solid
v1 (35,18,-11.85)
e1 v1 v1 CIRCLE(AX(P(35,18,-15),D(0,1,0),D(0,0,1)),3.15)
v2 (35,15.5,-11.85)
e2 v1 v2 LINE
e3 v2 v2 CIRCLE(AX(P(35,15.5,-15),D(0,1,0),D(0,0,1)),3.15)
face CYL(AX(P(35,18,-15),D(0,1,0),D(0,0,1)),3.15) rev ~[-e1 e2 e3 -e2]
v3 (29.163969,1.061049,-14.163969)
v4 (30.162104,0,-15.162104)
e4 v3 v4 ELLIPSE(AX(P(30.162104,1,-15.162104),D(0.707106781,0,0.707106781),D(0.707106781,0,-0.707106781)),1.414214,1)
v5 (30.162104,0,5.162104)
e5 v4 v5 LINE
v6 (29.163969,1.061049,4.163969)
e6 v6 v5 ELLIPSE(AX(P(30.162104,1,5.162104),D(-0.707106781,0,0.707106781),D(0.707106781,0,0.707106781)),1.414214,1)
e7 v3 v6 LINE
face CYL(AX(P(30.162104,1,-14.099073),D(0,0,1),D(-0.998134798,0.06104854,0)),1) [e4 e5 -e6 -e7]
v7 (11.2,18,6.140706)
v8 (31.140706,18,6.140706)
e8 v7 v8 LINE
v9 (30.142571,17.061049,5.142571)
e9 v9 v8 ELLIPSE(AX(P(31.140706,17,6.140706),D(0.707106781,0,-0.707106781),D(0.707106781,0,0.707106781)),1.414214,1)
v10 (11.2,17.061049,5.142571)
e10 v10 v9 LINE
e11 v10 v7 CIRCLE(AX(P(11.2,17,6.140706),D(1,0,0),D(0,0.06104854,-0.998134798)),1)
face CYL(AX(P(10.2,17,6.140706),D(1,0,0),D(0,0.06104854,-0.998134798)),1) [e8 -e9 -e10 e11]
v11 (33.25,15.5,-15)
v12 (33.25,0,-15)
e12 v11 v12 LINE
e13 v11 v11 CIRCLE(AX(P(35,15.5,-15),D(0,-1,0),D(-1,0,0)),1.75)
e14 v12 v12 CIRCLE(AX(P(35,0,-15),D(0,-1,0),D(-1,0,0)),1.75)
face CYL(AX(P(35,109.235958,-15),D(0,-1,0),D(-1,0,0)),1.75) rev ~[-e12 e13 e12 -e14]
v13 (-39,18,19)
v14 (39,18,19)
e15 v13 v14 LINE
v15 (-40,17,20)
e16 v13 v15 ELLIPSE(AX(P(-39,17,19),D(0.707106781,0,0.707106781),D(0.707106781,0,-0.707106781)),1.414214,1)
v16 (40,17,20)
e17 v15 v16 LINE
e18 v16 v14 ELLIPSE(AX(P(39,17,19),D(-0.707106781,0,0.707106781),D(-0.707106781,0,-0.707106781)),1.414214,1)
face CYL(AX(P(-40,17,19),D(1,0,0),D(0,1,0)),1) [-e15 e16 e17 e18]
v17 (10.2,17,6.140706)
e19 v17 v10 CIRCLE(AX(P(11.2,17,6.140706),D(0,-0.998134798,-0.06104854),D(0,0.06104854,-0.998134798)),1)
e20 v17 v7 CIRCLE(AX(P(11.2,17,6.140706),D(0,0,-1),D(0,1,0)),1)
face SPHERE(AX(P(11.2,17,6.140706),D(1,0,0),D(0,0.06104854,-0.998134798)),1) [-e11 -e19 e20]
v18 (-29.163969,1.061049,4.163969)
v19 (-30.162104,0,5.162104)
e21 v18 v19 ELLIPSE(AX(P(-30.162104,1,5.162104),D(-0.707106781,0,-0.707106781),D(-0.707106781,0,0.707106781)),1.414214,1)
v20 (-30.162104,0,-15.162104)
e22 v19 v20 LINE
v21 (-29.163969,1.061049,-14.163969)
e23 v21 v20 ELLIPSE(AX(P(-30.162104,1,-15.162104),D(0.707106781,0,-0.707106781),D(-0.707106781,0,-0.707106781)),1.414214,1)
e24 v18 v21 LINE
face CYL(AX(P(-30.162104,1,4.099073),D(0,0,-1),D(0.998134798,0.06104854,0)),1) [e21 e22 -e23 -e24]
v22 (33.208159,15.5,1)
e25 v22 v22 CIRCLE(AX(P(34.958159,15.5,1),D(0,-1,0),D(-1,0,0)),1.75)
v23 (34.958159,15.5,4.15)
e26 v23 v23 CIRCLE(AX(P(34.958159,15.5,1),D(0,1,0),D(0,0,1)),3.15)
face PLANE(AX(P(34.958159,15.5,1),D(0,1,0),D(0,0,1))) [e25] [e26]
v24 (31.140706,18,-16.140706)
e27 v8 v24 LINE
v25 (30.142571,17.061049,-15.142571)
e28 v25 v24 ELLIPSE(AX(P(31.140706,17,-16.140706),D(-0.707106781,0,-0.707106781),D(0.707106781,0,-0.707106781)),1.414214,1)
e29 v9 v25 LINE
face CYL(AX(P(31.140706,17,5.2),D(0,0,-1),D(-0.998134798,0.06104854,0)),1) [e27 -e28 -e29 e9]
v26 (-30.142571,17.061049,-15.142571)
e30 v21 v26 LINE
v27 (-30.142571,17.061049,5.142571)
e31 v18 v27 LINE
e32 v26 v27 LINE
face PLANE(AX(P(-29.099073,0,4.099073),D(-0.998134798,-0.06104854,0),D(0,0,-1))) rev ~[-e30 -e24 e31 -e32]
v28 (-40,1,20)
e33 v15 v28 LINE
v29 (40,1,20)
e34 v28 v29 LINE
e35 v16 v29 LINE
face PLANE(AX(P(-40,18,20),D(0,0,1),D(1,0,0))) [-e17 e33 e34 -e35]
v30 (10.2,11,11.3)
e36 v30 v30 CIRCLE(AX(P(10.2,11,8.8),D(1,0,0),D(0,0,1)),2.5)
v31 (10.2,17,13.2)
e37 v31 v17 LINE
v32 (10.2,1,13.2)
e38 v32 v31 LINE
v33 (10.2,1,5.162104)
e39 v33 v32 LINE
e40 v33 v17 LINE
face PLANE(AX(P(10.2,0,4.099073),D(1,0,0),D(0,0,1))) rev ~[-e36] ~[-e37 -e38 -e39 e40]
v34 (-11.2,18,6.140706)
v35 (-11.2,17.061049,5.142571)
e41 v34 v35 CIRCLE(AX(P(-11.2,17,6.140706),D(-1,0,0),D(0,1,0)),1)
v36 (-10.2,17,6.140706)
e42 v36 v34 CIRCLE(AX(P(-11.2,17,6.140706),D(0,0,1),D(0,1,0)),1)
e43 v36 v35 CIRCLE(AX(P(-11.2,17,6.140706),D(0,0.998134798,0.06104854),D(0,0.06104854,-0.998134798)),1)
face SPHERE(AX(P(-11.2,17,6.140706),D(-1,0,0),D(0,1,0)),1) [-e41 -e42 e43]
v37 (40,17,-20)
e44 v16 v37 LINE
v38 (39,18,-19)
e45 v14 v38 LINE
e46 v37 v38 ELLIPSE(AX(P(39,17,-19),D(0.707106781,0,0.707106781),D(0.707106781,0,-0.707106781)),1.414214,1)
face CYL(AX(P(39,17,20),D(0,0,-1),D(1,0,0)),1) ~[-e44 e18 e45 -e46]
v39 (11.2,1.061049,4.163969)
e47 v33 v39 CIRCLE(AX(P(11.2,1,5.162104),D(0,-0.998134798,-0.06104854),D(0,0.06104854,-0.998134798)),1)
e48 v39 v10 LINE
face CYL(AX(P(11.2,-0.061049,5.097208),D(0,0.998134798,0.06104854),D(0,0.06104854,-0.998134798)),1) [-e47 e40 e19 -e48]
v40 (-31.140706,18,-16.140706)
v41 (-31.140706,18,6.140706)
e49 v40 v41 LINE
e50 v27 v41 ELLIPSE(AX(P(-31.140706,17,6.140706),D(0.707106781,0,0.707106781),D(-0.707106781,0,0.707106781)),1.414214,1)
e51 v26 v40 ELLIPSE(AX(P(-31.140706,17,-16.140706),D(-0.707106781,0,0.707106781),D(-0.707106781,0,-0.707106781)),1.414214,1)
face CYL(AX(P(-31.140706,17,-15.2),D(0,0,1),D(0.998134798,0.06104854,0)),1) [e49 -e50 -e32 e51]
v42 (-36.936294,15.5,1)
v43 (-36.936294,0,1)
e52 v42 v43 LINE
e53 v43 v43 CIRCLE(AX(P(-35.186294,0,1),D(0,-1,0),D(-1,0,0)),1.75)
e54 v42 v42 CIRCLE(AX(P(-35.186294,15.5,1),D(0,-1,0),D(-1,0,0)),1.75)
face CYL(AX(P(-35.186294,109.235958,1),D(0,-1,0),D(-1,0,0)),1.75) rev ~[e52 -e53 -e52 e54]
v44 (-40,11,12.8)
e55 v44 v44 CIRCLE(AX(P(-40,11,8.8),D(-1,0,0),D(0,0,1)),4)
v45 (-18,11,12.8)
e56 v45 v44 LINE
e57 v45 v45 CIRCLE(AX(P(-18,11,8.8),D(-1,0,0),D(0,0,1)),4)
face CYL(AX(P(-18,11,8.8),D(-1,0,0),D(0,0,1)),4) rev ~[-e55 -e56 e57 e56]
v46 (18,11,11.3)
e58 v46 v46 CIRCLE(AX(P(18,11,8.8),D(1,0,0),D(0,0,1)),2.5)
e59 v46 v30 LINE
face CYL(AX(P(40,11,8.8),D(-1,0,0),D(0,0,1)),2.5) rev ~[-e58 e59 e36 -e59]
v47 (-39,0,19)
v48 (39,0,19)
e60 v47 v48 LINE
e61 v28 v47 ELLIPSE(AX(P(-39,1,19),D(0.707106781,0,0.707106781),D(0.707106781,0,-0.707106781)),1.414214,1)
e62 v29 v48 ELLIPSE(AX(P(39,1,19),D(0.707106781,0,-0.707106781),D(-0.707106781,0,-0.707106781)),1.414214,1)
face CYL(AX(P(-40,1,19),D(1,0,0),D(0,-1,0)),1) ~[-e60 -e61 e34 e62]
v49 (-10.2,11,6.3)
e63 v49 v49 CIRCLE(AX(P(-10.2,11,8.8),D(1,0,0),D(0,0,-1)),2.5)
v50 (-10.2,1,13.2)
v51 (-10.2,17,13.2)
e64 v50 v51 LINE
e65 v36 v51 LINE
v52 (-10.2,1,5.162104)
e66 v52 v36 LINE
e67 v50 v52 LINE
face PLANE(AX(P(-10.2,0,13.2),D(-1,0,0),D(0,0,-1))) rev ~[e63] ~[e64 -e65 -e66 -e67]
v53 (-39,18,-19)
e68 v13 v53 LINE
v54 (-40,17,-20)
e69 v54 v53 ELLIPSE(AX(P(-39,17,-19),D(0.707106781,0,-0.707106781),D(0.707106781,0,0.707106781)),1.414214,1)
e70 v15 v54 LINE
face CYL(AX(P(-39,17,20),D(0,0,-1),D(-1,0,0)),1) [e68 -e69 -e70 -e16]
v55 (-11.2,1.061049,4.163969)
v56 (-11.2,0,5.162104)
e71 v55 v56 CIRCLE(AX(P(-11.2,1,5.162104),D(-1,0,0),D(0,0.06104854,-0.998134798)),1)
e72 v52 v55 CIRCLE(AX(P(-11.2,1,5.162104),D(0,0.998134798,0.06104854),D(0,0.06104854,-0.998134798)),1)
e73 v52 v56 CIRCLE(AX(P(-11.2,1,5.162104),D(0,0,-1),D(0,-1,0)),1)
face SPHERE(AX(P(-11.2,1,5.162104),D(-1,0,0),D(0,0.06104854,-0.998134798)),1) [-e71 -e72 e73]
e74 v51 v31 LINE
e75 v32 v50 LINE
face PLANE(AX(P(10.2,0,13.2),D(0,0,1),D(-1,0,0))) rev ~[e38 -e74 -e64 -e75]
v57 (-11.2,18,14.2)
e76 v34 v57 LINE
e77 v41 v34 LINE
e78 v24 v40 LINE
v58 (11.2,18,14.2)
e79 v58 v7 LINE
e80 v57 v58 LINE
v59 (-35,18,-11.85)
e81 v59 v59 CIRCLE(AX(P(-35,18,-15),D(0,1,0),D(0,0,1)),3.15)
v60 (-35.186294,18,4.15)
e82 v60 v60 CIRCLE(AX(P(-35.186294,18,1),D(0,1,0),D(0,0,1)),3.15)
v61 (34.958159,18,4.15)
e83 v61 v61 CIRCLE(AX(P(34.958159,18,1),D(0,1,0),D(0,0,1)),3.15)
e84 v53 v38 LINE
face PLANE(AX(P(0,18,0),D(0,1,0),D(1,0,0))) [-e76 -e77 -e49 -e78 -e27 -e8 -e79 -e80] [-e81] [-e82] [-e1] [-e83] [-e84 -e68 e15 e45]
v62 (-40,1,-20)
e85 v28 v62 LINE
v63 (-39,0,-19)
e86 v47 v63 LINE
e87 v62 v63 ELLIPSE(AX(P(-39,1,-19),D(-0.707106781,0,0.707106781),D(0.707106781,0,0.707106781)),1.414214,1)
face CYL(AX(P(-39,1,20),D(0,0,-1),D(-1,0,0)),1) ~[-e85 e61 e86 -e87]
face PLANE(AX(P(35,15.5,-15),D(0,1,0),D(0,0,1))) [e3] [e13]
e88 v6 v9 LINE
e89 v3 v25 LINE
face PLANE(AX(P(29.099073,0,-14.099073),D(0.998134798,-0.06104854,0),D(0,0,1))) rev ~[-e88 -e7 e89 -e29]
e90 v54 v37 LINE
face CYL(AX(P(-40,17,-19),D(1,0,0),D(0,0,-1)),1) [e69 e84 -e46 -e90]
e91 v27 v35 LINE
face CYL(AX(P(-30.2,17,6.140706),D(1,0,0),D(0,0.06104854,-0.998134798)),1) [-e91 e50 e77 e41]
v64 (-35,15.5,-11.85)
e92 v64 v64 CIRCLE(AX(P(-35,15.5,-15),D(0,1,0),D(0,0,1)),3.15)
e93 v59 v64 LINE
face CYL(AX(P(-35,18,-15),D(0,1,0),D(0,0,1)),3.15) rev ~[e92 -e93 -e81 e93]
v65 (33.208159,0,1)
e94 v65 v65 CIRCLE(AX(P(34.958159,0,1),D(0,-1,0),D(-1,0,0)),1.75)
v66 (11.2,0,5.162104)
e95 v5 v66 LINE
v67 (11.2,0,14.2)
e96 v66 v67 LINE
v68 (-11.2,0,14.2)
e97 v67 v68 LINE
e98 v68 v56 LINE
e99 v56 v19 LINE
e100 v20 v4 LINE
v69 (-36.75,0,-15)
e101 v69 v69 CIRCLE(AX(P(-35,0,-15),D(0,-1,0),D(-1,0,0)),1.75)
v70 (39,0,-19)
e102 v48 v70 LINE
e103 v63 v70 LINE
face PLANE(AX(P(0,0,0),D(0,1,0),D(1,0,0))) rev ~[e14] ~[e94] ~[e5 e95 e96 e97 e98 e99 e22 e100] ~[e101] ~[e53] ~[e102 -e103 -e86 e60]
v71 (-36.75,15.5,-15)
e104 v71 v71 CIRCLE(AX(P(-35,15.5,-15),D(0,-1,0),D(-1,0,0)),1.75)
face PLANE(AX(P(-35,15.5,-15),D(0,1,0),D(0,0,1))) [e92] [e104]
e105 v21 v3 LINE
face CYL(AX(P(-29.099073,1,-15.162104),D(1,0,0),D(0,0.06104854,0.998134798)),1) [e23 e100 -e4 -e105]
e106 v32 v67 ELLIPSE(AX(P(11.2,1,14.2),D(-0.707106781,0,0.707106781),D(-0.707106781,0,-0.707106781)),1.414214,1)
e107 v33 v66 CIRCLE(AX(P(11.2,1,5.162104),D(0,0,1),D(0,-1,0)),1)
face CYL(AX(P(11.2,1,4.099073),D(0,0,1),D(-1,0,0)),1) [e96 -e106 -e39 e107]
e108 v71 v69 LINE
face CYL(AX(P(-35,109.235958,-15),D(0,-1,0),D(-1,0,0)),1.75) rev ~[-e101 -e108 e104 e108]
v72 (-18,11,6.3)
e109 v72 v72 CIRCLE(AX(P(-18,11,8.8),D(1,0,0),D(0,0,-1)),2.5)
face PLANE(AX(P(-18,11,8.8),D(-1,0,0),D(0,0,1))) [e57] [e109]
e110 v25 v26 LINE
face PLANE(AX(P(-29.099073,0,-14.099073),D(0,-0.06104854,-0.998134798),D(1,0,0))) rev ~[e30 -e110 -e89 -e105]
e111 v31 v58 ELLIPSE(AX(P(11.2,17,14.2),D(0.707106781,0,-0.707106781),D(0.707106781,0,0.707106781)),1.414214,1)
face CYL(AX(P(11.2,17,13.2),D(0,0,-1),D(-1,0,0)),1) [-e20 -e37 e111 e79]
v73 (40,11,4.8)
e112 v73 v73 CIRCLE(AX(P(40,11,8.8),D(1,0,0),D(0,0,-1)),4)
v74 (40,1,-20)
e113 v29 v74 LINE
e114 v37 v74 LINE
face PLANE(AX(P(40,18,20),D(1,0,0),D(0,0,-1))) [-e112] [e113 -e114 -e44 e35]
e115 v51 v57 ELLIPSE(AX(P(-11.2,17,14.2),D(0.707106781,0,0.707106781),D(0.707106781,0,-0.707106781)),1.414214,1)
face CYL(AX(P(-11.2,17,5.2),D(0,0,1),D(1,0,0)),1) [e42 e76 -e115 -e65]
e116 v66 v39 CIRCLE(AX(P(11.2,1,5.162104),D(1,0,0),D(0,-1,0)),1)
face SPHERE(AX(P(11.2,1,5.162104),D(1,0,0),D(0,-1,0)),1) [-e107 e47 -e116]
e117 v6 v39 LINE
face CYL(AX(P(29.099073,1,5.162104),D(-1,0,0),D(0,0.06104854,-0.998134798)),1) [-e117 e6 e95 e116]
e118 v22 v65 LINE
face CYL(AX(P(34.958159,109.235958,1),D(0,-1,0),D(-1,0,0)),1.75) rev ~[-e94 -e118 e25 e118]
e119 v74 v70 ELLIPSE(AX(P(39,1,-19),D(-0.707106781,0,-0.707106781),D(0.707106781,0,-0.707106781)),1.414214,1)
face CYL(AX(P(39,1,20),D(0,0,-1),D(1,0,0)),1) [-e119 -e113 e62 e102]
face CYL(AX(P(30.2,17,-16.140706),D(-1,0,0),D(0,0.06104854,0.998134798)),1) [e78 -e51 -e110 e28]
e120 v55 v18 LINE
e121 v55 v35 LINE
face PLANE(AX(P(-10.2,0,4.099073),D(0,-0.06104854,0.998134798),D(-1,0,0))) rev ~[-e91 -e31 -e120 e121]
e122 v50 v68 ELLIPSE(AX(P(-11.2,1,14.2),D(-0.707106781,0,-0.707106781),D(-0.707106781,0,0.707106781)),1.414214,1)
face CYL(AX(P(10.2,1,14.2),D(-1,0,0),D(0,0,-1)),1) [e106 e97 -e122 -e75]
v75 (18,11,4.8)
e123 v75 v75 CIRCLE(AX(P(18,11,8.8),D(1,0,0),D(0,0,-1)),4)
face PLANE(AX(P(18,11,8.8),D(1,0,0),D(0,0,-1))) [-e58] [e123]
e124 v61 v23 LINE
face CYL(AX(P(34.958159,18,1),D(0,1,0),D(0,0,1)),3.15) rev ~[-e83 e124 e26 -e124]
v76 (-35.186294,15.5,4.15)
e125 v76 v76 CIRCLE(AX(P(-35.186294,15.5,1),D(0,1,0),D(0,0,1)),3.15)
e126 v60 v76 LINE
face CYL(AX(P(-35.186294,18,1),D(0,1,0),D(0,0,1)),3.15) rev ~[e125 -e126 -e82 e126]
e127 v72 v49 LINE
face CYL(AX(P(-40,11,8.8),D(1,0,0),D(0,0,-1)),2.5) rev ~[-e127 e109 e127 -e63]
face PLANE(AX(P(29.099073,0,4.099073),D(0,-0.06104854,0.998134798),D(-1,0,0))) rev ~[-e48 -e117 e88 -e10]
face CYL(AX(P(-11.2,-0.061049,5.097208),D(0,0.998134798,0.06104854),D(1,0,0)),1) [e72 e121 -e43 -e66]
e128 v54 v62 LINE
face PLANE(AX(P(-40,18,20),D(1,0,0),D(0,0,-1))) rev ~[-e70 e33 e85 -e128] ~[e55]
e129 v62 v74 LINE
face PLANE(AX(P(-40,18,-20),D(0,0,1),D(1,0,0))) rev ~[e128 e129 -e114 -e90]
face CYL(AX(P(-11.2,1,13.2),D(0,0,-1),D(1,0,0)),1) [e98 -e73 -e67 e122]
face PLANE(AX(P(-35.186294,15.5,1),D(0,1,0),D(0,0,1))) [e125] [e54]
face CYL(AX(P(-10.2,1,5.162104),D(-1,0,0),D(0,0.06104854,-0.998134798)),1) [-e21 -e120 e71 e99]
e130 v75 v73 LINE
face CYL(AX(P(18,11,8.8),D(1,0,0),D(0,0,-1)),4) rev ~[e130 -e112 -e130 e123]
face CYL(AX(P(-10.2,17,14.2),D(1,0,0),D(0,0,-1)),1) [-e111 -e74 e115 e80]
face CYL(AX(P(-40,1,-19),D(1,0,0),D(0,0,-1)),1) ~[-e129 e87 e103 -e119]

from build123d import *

# Parameters (mm, degrees)
SKETCH_1_W              = 80
SKETCH_1_H              = 40
EXTRUDE_1_DEPTH         = 18
CUT_EXTRUDE_1_DEPTH     = 49.207883173
DRAFT_1_ANGLE           = -3.5
HOLE_WIZARD_3_5_3_5_1_D = 3.5
M8X1_0_1_D              = 5
M8X1_0_1_DEPTH          = 29.8
M8X1_0_1_CBORE_D        = 8
M8X1_0_1_CBORE_DEPTH    = 22
M8X1_0_2_D              = 5
M8X1_0_2_DEPTH          = 80
M8X1_0_2_CBORE_D        = 8
M8X1_0_2_CBORE_DEPTH    = 22
FILLET_1_R              = 1
SKETCH_9_R              = 3.15
CUT_EXTRUDE_2_DEPTH     = 2.5


with BuildPart() as part:
    # ｽｹｯﾁ1 → ﾎﾞｽ - 押し出し1 (new body)
    with BuildSketch(Plane(origin=(0, 18, 0), x_dir=(1, 0, 0), z_dir=(0, 1, 0))):
        Rectangle(SKETCH_1_W, SKETCH_1_H)
    extrude(amount=-EXTRUDE_1_DEPTH)

    # ｽｹｯﾁ2 → ｶｯﾄ - 押し出し1 (cut, through all)
    with BuildSketch(Plane.XZ):
        Polygon((-10.2, 13.2), (-10.2, 4.099072837), (-29.099072837, 4.099072837), (-29.099072837, -14.099072837), (29.099072837, -14.099072837), (29.099072837, 4.099072837), (10.2, 4.099072837), (10.2, 13.2), align=None)
    extrude(amount=-CUT_EXTRUDE_1_DEPTH, mode=Mode.SUBTRACT)

    # 抜き勾配1
    draft_1_faces = [part.faces().sort_by_distance(p)[0] for p in [
        (-19.649536419, 9, 4.099072837),
        (-29.099072837, 9, -5),
        (0, 9, -14.099072837),
        (29.099072837, 9, -5),
        (19.649536419, 9, 4.099072837),
    ]]
    draft(draft_1_faces, Plane(origin=(0, 0, 0), x_dir=(0, 0, -1), z_dir=(0, -1, 0)), DRAFT_1_ANGLE)

    # Ø3.5 (3.5) 直径の穴1 (through all)
    with Locations(Plane(origin=(0, 18, 0), x_dir=(1, 0, 0), z_dir=(0, 1, 0))):
        with Locations((-35.186293991, -1), (-35, 15), (34.958159373, -1), (35, 15)):
            Hole(HOLE_WIZARD_3_5_3_5_1_D / 2)

    # M8x1.0 ねじ穴1
    with Locations(Plane(origin=(40, 0, 0), x_dir=(0, 0, -1), z_dir=(1, 0, 0))):
        with Locations((-8.8, 11)):
            CounterBoreHole(M8X1_0_1_D / 2, M8X1_0_1_CBORE_D / 2, M8X1_0_1_CBORE_DEPTH, depth=M8X1_0_1_DEPTH)

    # M8x1.0 ねじ穴2
    with Locations(Plane.ZY.offset(40)):
        with Locations((8.8, 11)):
            CounterBoreHole(M8X1_0_2_D / 2, M8X1_0_2_CBORE_D / 2, M8X1_0_2_CBORE_DEPTH, depth=M8X1_0_2_DEPTH)

    # ﾌｨﾚｯﾄ1
    fillet_1_edges = [part.edges().sort_by_distance(p)[0] for p in [
        (40, 0, 0),
        (0, 0, -20),
        (0, 18, 13.2),
        (10.2, 18, 9.2),
        (20.2, 18, 5.2),
        (10.2, 9, 4.649536419),
        (30.2, 18, -5),
        (0, 18, -15.2),
        (-30.2, 18, -5),
        (-20.2, 18, 5.2),
        (-10.2, 18, 9.2),
        (-10.2, 9, 4.649536419),
        (0, 0, 13.2),
        (-10.2, 0, 8.649536419),
        (-19.649536419, 0, 4.099072837),
        (-29.099072837, 0, -5),
        (0, 0, -14.099072837),
        (29.099072837, 0, -5),
        (19.649536419, 0, 4.099072837),
        (10.2, 0, 8.649536419),
        (-40, 0, 0),
        (0, 18, -20),
        (40, 18, 0),
        (0, 18, 20),
        (-40, 18, 0),
        (0, 0, 20),
    ]]
    fillet(fillet_1_edges, radius=FILLET_1_R)

    # ｽｹｯﾁ9 → ｶｯﾄ - 押し出し2 (cut)
    with BuildSketch(Plane(origin=(0, 18, 0), x_dir=(1, 0, 0), z_dir=(0, 1, 0))):
        with Locations(Location((35, 15, 0), (0, 0, 270))):
            Circle(SKETCH_9_R)
        with Locations(Location((34.958159373, -1, 0), (0, 0, 270))):
            Circle(SKETCH_9_R)
        with Locations(Location((-35, 15, 0), (0, 0, 270))):
            Circle(SKETCH_9_R)
        with Locations(Location((-35.186293991, -1, 0), (0, 0, 270))):
            Circle(SKETCH_9_R)
    extrude(amount=-CUT_EXTRUDE_2_DEPTH, mode=Mode.SUBTRACT)


solid = part.part
